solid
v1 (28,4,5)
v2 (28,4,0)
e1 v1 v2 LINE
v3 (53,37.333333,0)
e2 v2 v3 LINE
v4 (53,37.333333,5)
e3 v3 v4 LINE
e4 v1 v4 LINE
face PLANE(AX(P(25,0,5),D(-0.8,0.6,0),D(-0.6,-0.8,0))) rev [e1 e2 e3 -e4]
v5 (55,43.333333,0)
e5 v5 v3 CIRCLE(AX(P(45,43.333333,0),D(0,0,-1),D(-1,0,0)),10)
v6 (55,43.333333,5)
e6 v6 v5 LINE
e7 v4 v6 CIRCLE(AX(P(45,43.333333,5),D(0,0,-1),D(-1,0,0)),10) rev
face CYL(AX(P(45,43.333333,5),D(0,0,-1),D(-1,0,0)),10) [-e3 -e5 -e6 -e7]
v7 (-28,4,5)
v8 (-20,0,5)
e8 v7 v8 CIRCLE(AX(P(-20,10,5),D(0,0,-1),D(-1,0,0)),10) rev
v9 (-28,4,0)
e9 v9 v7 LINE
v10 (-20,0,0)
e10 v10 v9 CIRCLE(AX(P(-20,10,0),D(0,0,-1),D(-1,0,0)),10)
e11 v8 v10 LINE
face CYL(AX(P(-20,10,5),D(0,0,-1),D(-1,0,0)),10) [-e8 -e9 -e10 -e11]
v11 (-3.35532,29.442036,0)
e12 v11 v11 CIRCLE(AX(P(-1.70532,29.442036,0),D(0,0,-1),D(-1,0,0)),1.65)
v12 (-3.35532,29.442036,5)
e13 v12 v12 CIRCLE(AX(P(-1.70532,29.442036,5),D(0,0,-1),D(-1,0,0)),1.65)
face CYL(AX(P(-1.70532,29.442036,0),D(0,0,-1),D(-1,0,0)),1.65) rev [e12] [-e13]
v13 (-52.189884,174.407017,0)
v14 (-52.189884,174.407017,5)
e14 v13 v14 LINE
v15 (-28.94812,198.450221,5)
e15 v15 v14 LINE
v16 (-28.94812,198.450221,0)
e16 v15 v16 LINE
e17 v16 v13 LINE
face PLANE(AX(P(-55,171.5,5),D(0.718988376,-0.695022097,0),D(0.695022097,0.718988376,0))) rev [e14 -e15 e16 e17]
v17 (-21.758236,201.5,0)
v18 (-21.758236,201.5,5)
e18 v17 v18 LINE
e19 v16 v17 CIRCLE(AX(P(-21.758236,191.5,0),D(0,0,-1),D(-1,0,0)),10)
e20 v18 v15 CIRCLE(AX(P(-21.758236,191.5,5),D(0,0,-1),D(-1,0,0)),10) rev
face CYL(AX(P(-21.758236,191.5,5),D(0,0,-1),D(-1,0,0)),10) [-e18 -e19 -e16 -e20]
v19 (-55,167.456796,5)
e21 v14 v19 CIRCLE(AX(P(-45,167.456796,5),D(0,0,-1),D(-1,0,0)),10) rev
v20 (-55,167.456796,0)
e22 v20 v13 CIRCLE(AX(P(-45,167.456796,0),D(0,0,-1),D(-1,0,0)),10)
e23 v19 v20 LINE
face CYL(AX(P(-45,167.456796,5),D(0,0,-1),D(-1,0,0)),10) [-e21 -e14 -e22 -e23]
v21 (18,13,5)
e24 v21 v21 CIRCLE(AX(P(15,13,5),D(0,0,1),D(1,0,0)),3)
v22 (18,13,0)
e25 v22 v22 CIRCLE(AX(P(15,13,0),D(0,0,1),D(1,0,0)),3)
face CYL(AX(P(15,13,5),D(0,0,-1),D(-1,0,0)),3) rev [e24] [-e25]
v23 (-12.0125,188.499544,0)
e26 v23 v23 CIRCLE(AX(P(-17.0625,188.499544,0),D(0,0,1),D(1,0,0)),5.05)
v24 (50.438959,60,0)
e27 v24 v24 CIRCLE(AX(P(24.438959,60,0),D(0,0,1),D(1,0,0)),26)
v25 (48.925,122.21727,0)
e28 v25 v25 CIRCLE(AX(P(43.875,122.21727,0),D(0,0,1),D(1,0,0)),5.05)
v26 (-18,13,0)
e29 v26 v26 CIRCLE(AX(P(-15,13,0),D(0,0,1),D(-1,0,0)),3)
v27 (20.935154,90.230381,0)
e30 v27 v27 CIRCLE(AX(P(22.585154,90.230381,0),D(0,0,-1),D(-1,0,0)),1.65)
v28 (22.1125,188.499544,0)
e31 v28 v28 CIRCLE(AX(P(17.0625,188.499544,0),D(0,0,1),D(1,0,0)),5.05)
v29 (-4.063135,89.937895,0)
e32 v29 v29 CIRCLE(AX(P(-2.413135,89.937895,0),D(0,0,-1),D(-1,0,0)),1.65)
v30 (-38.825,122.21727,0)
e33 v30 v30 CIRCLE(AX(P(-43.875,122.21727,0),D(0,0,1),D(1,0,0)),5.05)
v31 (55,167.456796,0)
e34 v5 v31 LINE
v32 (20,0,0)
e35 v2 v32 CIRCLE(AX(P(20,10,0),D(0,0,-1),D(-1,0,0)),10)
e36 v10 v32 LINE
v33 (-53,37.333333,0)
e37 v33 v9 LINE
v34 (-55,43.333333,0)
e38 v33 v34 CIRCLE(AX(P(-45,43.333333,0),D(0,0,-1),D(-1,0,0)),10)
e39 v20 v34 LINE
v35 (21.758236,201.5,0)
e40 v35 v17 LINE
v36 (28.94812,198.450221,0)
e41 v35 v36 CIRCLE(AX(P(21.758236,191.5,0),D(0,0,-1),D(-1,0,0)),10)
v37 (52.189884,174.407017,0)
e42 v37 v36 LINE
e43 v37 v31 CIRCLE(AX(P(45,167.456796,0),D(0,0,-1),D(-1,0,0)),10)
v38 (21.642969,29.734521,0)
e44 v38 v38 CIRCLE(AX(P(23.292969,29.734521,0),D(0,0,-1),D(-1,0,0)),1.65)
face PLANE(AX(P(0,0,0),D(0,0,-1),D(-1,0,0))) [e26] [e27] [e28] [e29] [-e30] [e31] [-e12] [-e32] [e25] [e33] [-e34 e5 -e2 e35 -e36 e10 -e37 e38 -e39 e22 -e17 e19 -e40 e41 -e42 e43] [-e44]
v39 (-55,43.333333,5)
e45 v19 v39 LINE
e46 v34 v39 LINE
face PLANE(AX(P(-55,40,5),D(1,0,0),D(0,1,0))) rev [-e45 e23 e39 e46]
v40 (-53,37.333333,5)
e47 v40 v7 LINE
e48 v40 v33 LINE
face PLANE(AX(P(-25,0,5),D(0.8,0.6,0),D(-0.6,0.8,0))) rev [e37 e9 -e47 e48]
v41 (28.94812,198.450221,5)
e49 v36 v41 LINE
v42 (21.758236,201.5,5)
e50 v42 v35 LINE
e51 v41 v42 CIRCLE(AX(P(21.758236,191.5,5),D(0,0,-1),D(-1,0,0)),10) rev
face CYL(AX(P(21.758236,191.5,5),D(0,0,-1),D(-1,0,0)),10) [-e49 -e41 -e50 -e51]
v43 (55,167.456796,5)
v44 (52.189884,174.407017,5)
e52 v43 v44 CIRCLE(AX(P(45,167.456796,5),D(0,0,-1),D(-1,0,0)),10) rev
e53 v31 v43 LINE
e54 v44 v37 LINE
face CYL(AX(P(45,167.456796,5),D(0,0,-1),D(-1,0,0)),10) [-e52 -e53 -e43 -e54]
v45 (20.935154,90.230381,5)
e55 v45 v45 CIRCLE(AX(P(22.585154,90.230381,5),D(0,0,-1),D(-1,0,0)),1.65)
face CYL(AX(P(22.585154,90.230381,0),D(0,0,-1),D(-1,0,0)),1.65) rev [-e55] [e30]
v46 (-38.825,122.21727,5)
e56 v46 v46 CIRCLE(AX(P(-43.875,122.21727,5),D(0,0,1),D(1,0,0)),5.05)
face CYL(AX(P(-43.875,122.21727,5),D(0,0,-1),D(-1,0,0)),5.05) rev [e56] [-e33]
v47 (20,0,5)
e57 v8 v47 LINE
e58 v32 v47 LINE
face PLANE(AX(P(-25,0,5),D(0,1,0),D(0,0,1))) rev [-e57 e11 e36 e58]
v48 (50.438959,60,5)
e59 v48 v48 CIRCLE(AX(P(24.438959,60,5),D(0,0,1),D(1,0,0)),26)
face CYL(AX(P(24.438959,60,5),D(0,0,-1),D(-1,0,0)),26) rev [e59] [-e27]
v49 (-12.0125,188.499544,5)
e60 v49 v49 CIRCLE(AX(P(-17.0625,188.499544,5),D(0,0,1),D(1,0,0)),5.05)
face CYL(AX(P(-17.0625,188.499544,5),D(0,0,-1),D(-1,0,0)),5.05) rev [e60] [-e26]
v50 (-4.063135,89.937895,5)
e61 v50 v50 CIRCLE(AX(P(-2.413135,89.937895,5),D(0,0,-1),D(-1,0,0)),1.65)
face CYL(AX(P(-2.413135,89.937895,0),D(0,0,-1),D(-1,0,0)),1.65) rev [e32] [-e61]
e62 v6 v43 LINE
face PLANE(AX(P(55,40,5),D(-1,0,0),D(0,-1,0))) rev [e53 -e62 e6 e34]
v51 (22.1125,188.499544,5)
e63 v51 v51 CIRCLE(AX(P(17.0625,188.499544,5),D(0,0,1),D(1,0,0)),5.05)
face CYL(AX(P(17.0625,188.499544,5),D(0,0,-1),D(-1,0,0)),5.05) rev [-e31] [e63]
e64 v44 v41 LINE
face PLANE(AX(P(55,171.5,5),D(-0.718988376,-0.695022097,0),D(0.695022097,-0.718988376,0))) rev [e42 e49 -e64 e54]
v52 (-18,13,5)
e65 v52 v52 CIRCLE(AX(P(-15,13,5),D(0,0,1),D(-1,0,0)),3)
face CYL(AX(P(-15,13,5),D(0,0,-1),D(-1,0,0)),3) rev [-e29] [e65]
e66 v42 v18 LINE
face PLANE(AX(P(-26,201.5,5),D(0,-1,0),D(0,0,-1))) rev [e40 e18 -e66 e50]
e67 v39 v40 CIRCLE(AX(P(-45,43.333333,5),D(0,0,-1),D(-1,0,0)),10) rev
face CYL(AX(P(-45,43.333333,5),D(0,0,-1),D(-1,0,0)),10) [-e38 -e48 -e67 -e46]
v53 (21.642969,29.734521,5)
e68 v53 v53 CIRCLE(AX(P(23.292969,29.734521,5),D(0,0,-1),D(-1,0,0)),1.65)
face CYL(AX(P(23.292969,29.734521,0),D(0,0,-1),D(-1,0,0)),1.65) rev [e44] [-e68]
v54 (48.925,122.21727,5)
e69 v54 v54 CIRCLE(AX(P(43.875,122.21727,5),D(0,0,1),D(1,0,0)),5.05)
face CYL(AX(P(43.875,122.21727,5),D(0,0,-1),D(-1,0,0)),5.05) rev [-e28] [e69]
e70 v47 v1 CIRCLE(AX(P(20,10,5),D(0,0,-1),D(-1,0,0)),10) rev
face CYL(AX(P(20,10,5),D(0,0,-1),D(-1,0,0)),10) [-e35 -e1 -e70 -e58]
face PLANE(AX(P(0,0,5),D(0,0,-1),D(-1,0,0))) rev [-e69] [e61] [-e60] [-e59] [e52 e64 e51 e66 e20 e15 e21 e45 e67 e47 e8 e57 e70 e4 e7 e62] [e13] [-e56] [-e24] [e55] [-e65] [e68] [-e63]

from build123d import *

# Parameters (mm, degrees)
SKETCH_1_R             = 26
SKETCH_1_R_2           = 3
SKETCH_1_R_3           = 5.05
EXTRUDE_1_DEPTH        = 5
FILLET_1_R             = 10
HOLE_WIZARD_M4_1_D     = 3.3
HOLE_WIZARD_M4_1_DEPTH = 10.1
HOLE_WIZARD_M4_1_TIP   = 0.991420021


with BuildPart() as part:
    # 草图1 → 凸台-拉伸1 (new body)
    with BuildSketch(Plane.XY):
        Polygon((-25, 0), (25, 0), (55, 40), (55, 171.5), (26, 201.5), (-26, 201.5), (-55, 171.5), (-55, 40), align=None)
        with Locations((24.438959159, 60)):
            Circle(SKETCH_1_R, mode=Mode.SUBTRACT)
        with Locations((15, 13)):
            Circle(SKETCH_1_R_2, mode=Mode.SUBTRACT)
        with Locations((-15, 13)):
            Circle(SKETCH_1_R_2, mode=Mode.SUBTRACT)
        with Locations((-17.0625, 188.499544236)):
            Circle(SKETCH_1_R_3, mode=Mode.SUBTRACT)
        with Locations((17.0625, 188.499544236)):
            Circle(SKETCH_1_R_3, mode=Mode.SUBTRACT)
        with Locations((-43.875, 122.217270257)):
            Circle(SKETCH_1_R_3, mode=Mode.SUBTRACT)
        with Locations((43.875, 122.217270257)):
            Circle(SKETCH_1_R_3, mode=Mode.SUBTRACT)
    extrude(amount=EXTRUDE_1_DEPTH)

    # 圆角1
    fillet_1_edges = [part.edges().sort_by_distance(p)[0] for p in [
        (-55, 40, 2.5),
        (-55, 171.5, 2.5),
        (-26, 201.5, 2.5),
        (26, 201.5, 2.5),
        (55, 171.5, 2.5),
        (55, 40, 2.5),
        (25, 0, 2.5),
        (-25, 0, 2.5),
    ]]
    fillet(fillet_1_edges, radius=FILLET_1_R)

    # M4 螺纹孔1
    with Locations(Plane(origin=(0, 0, 0), x_dir=(-1, 0, 0), z_dir=(0, 0, -1))):
        with Locations((2.413134666, 89.937895002), (-22.585154319, 90.23038054), (1.705319664, 29.442035657), (-23.292969321, 29.734521195)):
            Hole(HOLE_WIZARD_M4_1_D / 2, depth=HOLE_WIZARD_M4_1_DEPTH)
            with Locations((0, 0, -(HOLE_WIZARD_M4_1_DEPTH + HOLE_WIZARD_M4_1_TIP / 2))):  # 118° drill point
                Cone(0, HOLE_WIZARD_M4_1_D / 2, HOLE_WIZARD_M4_1_TIP, mode=Mode.SUBTRACT)


solid = part.part
